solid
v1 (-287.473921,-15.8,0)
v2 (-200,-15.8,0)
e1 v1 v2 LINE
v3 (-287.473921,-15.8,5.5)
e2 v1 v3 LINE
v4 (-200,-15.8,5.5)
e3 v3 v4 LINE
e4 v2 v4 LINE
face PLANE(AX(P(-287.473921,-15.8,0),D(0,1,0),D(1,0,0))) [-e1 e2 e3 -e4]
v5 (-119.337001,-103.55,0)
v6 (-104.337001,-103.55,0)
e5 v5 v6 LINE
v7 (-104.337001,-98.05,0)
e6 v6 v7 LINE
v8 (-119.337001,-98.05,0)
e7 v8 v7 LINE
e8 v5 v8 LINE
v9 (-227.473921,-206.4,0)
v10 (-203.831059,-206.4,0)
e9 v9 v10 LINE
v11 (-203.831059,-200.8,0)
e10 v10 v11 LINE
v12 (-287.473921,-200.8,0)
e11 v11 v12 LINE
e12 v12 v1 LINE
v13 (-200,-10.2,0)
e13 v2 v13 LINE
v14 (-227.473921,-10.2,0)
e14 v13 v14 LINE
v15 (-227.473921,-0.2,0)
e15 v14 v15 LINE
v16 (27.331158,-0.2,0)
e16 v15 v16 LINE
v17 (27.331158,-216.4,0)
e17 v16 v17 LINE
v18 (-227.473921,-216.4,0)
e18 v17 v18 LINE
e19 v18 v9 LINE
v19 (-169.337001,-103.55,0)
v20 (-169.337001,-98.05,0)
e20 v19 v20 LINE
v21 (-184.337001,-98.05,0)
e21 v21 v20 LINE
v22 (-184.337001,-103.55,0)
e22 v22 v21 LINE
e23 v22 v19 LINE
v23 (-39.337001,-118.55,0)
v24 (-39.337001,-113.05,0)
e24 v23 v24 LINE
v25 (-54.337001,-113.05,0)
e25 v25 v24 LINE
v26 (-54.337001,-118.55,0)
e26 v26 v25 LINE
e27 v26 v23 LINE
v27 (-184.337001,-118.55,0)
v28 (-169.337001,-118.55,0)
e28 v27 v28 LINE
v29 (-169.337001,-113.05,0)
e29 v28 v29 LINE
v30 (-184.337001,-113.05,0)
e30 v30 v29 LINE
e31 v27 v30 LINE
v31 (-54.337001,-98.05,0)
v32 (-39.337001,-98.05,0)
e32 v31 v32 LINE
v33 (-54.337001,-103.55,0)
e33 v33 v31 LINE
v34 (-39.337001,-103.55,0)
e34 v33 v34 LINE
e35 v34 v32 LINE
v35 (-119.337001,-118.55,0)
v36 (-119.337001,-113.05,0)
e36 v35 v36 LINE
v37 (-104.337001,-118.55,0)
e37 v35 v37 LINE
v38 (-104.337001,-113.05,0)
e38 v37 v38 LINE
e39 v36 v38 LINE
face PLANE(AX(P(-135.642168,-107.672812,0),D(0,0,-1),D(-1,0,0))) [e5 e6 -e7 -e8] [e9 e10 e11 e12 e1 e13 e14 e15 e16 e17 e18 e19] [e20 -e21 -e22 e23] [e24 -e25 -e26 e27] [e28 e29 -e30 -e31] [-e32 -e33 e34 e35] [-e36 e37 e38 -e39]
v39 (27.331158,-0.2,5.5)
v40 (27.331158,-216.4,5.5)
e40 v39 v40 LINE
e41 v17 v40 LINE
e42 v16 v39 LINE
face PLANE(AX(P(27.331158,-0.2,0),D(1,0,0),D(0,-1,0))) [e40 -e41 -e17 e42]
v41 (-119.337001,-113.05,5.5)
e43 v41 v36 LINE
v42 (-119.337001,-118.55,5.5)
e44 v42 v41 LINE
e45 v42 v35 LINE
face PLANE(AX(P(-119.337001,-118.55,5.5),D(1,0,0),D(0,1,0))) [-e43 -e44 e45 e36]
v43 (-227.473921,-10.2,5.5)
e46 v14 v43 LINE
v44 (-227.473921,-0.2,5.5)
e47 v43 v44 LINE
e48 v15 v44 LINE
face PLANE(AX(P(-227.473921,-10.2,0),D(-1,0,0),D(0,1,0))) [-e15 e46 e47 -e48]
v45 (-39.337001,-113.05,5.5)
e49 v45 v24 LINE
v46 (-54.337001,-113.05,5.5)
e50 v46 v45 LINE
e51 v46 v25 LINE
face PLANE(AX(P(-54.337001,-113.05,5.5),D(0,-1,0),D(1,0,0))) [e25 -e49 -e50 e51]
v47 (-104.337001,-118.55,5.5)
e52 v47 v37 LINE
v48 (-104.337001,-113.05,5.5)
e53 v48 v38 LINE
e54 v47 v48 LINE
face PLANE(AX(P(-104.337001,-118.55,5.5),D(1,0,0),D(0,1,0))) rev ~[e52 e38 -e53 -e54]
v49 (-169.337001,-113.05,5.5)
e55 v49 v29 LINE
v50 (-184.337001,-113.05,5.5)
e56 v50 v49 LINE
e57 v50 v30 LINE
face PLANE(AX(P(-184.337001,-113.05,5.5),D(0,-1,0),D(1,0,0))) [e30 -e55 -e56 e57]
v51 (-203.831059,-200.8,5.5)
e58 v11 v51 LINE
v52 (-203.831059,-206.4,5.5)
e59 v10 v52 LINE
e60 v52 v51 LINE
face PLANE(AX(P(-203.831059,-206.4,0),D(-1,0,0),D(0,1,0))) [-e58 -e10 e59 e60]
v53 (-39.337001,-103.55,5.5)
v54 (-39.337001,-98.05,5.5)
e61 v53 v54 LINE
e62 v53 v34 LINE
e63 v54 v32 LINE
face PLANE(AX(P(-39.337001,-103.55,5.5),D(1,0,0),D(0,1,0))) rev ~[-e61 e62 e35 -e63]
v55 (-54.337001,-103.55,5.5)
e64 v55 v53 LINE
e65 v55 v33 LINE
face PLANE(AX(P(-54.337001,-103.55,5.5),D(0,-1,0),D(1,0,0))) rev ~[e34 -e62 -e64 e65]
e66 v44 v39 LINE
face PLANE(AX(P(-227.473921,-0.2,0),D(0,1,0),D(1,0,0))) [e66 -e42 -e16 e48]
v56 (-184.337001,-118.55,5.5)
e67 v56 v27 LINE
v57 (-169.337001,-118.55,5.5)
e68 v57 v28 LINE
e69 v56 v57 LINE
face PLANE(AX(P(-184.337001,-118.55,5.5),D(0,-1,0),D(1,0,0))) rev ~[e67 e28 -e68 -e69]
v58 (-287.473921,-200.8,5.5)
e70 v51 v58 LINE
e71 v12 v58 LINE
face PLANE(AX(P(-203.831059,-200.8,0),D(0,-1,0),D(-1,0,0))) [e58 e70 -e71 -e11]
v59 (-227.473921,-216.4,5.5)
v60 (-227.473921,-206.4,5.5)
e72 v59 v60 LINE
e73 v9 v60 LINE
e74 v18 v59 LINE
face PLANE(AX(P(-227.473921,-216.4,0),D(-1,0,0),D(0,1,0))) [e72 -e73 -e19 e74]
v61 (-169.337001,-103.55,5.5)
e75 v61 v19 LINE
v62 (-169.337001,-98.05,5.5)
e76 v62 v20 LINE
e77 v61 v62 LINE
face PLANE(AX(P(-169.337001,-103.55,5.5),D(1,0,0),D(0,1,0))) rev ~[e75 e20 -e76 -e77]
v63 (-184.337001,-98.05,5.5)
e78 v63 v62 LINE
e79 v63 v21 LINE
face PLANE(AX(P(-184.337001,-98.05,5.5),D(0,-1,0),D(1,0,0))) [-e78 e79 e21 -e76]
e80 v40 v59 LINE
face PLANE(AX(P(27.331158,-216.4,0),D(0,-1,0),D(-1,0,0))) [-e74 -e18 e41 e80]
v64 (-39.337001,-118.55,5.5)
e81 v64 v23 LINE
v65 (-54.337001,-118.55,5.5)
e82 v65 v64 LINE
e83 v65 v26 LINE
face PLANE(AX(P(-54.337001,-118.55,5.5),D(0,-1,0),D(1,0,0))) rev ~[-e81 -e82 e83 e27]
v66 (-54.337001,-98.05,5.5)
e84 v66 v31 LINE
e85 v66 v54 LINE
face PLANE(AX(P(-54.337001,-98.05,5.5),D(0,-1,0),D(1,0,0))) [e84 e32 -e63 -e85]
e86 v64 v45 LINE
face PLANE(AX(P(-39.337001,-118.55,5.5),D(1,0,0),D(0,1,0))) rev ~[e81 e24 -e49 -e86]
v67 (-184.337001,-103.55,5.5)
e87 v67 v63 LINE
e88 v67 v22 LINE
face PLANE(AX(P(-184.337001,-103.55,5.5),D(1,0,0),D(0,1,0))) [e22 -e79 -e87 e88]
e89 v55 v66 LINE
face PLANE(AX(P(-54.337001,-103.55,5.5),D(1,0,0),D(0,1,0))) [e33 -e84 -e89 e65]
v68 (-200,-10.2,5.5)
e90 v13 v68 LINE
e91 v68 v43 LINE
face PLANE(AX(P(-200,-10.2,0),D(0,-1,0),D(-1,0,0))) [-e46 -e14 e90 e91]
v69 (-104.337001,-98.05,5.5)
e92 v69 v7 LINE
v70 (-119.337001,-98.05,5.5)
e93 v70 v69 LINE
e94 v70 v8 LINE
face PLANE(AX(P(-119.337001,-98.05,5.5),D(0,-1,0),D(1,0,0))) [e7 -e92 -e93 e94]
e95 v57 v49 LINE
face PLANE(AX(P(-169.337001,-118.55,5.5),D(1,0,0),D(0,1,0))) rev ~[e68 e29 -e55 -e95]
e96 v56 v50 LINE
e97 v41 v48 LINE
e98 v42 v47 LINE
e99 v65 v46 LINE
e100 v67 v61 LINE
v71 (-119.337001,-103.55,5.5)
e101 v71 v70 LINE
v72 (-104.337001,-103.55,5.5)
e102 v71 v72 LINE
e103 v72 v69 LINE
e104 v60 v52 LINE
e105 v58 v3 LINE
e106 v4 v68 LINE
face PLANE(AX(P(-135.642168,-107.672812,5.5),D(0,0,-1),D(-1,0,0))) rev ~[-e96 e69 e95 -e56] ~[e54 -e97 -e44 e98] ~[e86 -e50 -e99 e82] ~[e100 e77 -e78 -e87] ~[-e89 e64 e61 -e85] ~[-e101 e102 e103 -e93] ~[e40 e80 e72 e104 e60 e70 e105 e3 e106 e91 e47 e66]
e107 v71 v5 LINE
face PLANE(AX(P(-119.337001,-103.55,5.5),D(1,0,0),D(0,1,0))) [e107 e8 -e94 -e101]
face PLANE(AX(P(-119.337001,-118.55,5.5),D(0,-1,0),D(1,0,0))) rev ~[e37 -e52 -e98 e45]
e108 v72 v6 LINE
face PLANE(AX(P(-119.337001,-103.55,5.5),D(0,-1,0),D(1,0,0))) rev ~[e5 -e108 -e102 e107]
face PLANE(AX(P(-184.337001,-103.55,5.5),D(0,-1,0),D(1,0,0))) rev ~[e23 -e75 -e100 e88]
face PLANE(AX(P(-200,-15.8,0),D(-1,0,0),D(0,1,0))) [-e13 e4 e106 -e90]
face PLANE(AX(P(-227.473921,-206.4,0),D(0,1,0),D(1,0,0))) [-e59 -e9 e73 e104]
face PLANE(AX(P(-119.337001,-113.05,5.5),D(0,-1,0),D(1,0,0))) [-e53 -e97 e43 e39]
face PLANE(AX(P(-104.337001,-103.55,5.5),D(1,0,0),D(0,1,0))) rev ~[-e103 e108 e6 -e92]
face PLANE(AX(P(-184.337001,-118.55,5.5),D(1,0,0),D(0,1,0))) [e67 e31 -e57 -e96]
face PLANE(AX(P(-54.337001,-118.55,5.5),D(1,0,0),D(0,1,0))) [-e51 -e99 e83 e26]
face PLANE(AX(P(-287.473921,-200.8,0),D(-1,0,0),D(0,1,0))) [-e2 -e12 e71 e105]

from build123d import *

# Parameters (mm, degrees)
SALIENTE_EXTRUIR1_DEPTH = 5.5
CROQUIS2_W              = 15
CROQUIS2_H              = 5.5
CORTAR_EXTRUIR2_DEPTH   = 5.5


with BuildPart() as part:
    # Croquis1 → Saliente-Extruir1 (new body)
    with BuildSketch(Plane.XY):
        Polygon((27.331158202, -0.2), (27.331158202, -216.4), (-227.473920626, -216.4), (-227.473920626, -206.4), (-203.831058672, -206.4), (-203.831058672, -200.8), (-287.473920626, -200.8), (-287.473920626, -15.8), (-200, -15.8), (-200, -10.2), (-227.473920626, -10.2), (-227.473920626, -0.2), align=None)
    extrude(amount=SALIENTE_EXTRUIR1_DEPTH)

    # Croquis2 → Cortar-Extruir2 (cut)
    with BuildSketch(Plane.XY.offset(5.5)):
        with Locations((-46.837001408, -115.8)):
            Rectangle(CROQUIS2_W, CROQUIS2_H)
        with Locations((-111.837001408, -100.8)):
            Rectangle(CROQUIS2_W, CROQUIS2_H)
        with Locations((-176.837001408, -100.8)):
            Rectangle(CROQUIS2_W, CROQUIS2_H)
        with Locations((-46.837001408, -100.8)):
            Rectangle(CROQUIS2_W, CROQUIS2_H)
        with Locations((-111.837001408, -115.8)):
            Rectangle(CROQUIS2_W, CROQUIS2_H)
        with Locations((-176.837001408, -115.8)):
            Rectangle(CROQUIS2_W, CROQUIS2_H)
    extrude(amount=-CORTAR_EXTRUIR2_DEPTH, mode=Mode.SUBTRACT)


solid = part.part
